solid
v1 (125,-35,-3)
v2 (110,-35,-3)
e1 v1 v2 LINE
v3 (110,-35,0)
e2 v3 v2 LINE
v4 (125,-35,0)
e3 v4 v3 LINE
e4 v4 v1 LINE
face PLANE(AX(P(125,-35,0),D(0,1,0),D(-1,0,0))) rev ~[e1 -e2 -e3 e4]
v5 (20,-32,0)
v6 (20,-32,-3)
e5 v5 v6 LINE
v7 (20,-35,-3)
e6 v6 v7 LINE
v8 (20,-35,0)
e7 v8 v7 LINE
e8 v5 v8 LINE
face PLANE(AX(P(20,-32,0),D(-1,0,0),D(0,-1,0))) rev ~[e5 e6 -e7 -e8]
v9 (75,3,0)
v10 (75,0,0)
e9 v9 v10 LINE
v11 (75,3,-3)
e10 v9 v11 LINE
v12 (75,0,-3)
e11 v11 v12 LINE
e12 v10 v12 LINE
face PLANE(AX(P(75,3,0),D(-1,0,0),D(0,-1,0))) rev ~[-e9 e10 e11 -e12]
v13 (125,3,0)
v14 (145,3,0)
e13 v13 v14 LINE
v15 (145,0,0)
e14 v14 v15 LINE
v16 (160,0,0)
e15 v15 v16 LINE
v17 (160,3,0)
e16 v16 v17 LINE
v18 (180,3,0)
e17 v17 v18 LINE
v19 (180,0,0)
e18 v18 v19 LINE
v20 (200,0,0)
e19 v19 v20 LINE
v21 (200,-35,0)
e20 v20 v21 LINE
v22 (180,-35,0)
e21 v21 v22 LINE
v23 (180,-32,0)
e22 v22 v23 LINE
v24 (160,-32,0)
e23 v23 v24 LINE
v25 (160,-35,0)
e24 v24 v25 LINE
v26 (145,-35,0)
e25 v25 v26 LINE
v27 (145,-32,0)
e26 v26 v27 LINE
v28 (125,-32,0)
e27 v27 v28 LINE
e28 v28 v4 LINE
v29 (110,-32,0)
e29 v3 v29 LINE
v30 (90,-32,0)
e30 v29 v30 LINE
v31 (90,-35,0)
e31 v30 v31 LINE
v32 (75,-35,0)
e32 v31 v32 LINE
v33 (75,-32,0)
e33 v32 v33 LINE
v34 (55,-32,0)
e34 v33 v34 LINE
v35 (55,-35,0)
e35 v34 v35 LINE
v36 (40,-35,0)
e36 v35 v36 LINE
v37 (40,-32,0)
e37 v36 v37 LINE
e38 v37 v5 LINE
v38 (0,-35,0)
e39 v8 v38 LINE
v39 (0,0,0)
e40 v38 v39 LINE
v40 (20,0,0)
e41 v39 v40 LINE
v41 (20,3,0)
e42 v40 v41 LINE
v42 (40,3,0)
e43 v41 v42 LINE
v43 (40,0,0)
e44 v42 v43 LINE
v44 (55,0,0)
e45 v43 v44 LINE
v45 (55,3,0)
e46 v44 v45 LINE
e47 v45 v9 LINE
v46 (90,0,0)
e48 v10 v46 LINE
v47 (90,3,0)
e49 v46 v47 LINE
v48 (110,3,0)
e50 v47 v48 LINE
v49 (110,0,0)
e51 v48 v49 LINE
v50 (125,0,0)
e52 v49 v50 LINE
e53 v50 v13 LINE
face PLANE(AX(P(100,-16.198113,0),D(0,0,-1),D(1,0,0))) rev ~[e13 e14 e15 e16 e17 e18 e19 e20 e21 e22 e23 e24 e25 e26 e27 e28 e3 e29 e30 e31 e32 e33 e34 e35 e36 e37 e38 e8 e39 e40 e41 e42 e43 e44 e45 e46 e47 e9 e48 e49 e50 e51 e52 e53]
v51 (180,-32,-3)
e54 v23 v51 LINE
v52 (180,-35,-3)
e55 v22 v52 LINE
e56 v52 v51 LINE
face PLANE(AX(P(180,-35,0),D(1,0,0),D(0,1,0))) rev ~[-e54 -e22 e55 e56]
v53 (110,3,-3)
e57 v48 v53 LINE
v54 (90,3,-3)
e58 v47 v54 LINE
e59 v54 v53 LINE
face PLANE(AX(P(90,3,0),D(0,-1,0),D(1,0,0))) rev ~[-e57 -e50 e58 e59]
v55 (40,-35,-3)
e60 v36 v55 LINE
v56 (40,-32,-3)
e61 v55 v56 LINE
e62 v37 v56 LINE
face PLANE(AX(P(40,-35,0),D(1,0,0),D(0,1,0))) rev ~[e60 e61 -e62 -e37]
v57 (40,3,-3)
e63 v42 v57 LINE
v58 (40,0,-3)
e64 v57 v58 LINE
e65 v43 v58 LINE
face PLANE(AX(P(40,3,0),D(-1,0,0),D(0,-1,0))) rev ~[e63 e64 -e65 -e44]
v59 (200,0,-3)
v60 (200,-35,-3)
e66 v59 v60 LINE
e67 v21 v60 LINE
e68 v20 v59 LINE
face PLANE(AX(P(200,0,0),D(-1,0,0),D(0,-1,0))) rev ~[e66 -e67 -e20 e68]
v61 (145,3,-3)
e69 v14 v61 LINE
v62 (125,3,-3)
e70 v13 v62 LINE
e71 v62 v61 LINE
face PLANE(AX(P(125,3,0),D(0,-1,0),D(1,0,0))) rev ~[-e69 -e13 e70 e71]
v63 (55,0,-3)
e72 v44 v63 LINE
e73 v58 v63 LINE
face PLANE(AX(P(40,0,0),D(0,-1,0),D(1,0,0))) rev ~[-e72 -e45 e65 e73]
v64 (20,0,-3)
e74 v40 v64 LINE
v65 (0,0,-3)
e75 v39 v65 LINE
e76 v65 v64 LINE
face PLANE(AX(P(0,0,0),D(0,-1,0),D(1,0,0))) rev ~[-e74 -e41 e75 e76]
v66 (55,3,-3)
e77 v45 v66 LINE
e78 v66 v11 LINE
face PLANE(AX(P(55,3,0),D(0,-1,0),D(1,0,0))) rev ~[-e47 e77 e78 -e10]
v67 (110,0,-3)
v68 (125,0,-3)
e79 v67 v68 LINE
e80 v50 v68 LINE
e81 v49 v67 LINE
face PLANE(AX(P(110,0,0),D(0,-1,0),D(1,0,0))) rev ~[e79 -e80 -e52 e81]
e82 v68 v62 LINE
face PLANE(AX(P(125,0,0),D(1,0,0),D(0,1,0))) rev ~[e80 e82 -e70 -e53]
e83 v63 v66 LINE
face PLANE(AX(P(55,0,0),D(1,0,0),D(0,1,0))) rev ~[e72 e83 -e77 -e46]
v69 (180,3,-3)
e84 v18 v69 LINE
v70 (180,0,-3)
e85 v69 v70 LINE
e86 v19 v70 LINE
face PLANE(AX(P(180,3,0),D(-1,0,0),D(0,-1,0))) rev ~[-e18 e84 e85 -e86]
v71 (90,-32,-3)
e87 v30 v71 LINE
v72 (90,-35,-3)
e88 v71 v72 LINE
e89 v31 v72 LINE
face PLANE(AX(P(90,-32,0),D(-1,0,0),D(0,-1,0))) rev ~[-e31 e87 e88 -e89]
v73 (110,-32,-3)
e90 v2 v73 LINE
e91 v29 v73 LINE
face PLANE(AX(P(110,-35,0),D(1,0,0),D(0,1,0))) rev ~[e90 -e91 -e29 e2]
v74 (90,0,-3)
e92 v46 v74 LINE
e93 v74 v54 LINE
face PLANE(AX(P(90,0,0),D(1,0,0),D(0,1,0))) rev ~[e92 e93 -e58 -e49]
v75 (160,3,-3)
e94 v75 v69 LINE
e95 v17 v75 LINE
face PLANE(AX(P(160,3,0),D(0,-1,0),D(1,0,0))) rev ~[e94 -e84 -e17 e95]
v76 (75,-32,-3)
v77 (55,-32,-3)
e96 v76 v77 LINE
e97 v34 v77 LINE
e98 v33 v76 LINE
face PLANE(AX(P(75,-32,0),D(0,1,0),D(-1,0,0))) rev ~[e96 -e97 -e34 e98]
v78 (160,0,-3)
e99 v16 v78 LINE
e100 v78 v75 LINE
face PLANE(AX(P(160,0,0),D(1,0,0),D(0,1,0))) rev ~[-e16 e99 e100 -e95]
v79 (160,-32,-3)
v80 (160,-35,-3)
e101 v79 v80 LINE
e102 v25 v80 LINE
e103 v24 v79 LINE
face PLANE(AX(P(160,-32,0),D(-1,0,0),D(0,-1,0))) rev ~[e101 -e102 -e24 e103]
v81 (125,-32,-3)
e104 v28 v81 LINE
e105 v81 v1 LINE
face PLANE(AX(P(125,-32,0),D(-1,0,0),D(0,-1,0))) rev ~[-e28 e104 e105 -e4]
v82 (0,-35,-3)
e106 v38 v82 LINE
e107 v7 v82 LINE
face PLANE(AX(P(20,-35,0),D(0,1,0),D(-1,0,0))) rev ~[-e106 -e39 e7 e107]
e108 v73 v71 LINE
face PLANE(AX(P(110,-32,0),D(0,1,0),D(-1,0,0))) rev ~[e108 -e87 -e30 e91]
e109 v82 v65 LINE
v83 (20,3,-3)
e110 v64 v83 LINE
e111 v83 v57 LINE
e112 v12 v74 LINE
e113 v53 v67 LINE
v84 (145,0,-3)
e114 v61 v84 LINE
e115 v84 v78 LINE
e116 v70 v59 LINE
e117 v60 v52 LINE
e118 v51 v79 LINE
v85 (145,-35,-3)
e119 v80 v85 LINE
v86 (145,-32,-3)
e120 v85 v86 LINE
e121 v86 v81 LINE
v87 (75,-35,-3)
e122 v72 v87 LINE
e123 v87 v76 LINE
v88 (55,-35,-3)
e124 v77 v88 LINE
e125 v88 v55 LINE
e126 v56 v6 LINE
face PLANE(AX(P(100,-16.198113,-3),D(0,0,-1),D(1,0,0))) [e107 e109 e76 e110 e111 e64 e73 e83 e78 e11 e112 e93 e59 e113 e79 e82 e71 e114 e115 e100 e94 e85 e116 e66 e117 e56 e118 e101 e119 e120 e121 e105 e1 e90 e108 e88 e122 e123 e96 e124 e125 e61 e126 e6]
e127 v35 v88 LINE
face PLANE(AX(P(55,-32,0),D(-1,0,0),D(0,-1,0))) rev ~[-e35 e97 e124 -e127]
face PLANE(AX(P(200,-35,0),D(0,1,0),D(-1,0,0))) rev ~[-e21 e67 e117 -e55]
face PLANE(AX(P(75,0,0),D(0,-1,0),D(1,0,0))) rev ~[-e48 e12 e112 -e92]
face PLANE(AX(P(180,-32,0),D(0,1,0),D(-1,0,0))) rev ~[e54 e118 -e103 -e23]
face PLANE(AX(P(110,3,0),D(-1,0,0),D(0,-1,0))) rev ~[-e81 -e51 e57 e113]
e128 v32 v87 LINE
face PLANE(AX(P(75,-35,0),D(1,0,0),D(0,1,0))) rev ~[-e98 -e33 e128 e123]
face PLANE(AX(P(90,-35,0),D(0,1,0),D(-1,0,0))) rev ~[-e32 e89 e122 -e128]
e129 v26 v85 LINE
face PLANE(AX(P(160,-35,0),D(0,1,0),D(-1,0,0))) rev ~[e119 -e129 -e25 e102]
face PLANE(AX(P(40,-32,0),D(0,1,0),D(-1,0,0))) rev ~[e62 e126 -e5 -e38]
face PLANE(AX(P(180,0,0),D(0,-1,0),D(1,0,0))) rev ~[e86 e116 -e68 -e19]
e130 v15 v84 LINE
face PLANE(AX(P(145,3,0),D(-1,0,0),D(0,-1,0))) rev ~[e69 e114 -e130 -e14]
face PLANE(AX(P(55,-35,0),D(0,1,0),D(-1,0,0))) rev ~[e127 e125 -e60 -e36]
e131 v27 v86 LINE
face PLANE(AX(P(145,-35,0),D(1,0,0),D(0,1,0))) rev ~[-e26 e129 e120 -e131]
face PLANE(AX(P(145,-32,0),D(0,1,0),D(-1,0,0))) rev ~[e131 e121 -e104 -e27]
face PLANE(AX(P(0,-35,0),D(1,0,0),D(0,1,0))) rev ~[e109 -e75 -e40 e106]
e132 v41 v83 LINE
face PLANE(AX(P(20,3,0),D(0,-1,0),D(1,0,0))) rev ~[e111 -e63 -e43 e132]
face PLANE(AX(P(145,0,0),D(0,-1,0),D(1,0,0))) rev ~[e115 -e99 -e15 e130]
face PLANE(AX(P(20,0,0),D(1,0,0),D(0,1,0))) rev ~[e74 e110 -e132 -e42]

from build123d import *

# Parameters (mm, degrees)
BOSS_EXTRUDE1_DEPTH = 3


with BuildPart() as part:
    # Sketch1 → Boss-Extrude1 (new body)
    with BuildSketch(Plane(origin=(0, 0, 0), x_dir=(1, 0, 0), z_dir=(0, 0, -1))):
        Polygon((40, 0), (55, 0), (55, -3), (75, -3), (75, 0), (90, 0), (90, -3), (110, -3), (110, 0), (125, 0), (125, -3), (145, -3), (145, 0), (160, 0), (160, -3), (180, -3), (180, 0), (200, 0), (200, 35), (180, 35), (180, 32), (160, 32), (160, 35), (145, 35), (145, 32), (125, 32), (125, 35), (110, 35), (110, 32), (90, 32), (90, 35), (75, 35), (75, 32), (55, 32), (55, 35), (40, 35), (40, 32), (20, 32), (20, 35), (0, 35), (0, 0), (20, 0), (20, -3), (40, -3), align=None)
    extrude(amount=BOSS_EXTRUDE1_DEPTH)


solid = part.part
